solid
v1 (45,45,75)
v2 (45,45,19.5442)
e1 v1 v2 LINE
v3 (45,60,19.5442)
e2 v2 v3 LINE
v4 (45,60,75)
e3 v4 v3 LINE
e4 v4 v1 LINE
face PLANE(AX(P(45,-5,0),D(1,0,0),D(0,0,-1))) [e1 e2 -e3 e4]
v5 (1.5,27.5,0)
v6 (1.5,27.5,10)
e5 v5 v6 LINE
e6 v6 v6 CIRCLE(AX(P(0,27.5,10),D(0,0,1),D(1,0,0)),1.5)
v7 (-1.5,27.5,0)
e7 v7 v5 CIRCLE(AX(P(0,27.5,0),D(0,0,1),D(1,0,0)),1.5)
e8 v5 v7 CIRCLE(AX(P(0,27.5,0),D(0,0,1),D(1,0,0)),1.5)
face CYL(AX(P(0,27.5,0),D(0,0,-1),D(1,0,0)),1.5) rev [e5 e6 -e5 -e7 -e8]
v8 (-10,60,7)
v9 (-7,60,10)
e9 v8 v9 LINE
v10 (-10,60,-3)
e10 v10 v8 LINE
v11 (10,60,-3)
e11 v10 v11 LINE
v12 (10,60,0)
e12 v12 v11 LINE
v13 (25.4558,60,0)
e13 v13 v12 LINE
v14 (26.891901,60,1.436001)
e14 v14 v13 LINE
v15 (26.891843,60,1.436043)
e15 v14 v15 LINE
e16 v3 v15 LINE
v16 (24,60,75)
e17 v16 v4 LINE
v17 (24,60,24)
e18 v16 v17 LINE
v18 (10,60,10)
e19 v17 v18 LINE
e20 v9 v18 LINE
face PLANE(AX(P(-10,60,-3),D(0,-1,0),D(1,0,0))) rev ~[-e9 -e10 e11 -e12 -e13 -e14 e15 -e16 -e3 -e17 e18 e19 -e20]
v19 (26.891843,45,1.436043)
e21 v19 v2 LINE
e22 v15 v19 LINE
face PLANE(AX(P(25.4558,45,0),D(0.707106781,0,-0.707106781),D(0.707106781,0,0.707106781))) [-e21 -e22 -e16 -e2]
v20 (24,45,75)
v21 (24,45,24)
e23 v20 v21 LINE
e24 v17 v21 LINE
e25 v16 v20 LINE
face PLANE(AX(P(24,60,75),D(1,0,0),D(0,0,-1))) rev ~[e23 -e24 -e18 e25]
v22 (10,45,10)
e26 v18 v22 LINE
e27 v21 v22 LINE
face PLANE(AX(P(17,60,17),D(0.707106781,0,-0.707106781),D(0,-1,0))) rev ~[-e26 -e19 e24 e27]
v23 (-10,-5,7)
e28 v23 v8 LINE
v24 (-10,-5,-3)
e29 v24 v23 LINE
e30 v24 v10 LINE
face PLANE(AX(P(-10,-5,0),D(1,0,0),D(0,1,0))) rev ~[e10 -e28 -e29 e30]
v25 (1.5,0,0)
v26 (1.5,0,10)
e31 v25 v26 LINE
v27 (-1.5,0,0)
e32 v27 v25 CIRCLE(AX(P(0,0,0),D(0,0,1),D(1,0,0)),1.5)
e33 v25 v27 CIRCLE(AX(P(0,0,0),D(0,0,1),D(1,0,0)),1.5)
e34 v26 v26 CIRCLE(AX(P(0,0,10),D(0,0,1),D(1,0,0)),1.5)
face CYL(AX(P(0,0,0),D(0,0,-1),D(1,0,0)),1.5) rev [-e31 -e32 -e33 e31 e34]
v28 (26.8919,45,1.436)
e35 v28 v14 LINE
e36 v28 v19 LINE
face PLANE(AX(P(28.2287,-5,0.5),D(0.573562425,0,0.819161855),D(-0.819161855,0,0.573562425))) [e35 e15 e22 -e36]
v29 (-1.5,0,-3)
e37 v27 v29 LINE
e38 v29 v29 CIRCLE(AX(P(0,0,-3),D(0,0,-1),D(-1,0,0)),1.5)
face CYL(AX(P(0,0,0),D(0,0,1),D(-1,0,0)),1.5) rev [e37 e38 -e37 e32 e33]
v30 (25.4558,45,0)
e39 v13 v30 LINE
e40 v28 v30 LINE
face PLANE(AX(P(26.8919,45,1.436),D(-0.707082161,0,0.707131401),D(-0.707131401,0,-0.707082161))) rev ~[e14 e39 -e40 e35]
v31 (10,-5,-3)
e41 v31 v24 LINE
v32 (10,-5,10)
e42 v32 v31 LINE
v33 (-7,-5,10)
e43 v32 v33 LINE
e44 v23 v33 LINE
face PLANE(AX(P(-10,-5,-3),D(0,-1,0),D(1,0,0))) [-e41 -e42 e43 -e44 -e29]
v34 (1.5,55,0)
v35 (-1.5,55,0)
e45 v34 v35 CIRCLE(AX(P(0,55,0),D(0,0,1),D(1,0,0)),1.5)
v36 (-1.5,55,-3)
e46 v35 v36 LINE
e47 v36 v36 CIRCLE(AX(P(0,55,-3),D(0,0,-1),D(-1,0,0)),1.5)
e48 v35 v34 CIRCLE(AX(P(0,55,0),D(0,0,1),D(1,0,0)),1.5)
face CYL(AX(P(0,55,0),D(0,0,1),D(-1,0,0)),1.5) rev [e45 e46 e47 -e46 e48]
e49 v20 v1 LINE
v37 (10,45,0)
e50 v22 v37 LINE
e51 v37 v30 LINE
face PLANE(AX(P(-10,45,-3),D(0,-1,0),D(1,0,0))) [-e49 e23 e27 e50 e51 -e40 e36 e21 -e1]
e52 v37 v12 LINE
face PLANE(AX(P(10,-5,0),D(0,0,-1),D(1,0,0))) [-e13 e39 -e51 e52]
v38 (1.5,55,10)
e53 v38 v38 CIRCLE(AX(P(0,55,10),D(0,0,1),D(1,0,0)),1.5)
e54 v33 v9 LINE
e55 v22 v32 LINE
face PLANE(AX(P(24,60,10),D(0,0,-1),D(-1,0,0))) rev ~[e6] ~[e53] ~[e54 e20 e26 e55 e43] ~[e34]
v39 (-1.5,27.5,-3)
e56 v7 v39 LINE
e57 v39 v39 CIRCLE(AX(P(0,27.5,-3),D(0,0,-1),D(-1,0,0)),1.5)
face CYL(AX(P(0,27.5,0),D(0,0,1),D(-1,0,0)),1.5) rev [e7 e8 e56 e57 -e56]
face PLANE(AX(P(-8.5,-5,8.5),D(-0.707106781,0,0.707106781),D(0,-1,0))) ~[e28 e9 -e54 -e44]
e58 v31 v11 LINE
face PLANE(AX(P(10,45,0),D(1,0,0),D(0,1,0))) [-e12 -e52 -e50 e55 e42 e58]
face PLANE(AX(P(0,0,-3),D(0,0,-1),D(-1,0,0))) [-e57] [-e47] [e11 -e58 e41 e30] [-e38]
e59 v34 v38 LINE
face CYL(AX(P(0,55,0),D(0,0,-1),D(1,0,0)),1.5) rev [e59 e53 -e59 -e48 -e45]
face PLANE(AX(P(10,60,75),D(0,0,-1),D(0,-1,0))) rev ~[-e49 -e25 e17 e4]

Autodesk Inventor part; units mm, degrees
ref_plane "YZ Plane" through (0, 0, 0) normal (1, 0, 0) x (0, 1, 0)
ref_plane "XZ Plane" through (0, 0, 0) normal (0, 1, 0) x (-1, 0, 0)
ref_plane "XY Plane" through (0, 0, 0) normal (0, 0, 1) x (1, 0, 0)
sketch "Sketch9" plane through (0, 0, 0) normal (0, 0, 1) x (1, 0, 0)
  line L0 (0, 0) -> (0, 55) construction
  circle A0 centre (0, 55) radius 1.5
  circle A1 centre (0, 0) radius 1.5
  circle A2 centre (0, 27.5) radius 1.5
  line L1 (-10, 60) -> (10, 60)
  line L2 (10, 60) -> (10, -5)
  line L3 (10, -5) -> (-10, -5)
  line L4 (-10, -5) -> (-10, 60)
  point P0 (-10, 27.5)
  point P1 (0, 60)
  dimension "d35" = 55
  dimension "d36" = 3
  dimension "d37" = 3
  dimension "d38" = 3
  dimension "d39" = 5
  dimension "d40" = 10
extrude "Extrusion9" add sketch "Sketch9" along normal blind 10
sketch "Sketch11" plane through (10, -5, 0) normal (1, 0, 0) x (0, 0, -1)
  line L0 (0, 65) -> (-10, 65) projected
  line L1 (0, 65) -> (-75, 65)
  line L2 (-75, 65) -> (-75, 50)
  line L3 (-75, 50) -> (0, 50)
  line L4 (0, 50) -> (0, 65)
  point P0 (0, 5)
  dimension "d43" = 15
  dimension "d44" = 75
extrude "Extrusion10" add sketch "Sketch11" along normal blind 35
sketch "Sketch12" plane through (-10, 60, 10) normal (0, 1, 0) x (1, 0, 0)
  line L0 (20, -65) -> (20, 0) projected
  line L1 (20, -65) -> (34, -65)
  line L2 (34, -65) -> (34, 0)
  line L3 (34, 0) -> (20, 0)
  line L4 (20, 0) -> (20, -65)
  point P0 (10, 10)
  dimension "d47" = 14
extrude "Extrusion11" cut sketch "Sketch12" against normal through all
chamfer "Chamfer6" distance 14 angle 45 1 edges at (24, 52.5, 10)
sketch "Sketch14" plane through (10, 45, 0) normal (0, -1, 0) x (1, 0, 0)
  line L0 (0, 10) -> (14, 24) projected
  line L1 (15.4558, 0) -> (35, 19.5442)
  line L2 (35, 75) -> (35, 0) projected
  line L3 (0, 0) -> (35, 0) projected
  line L4 (15.4558, 0) -> (35, 0)
  line L5 (35, 19.5442) -> (35, 0)
  point P0 (-10, 0)
  dimension "d73" = 18
extrude "Extrusion13" cut sketch "Sketch14" against normal through all
sketch "Sketch15" plane through (0, 0, 0) normal (0, 0, -1) x (-1, 0, 0)
  line L0 (-25.4558, 60) -> (-25.4558, 45) projected
  line L1 (-10, 45) -> (-25.4558, 45) projected
  line L2 (-10, 45) -> (-10, -5) projected
  line L3 (-10, -5) -> (10, -5) projected
  line L4 (10, -5) -> (10, 60) projected
  line L5 (10, 60) -> (-25.4558, 60) projected
  circle A0 centre (0, 55) radius 1.5 projected
  circle A1 centre (0, 0) radius 1.5 projected
  circle A2 centre (0, 27.5) radius 1.5 projected
  line L6 (-10, -5) -> (10, -5) projected
  line L7 (10, 60) -> (-10, 60) projected
  line L8 (-10, -5) -> (-10, 60)
  line L9 (-10, 60) -> (10, 60)
extrude "Extrusion14" add sketch "Sketch15" along normal blind 3 contours L5 L4 L3 L2 L8
chamfer "Chamfer8" distance 3 angle 45 1 edges at (-10, 27.5, 10)
sketch "Sketch17" plane through (-10, -5, -3) normal (0, -1, 0) x (1, 0, 0)
  line L0 (20, 3) -> (20, 13) projected
  line L1 (20, 3) -> (35.4558, 3) projected
  line L2 (20, 3) -> (35.4558, 3)
  line L3 (35.4558, 3) -> (37.5981, 1.5)
  line L4 (37.5981, 1.5) -> (49, 1.5)
  line L5 (49, 3.5) -> (38.2287, 3.5)
  line L6 (38.2287, 3.5) -> (36.0864, 5)
  line L7 (36.0864, 5) -> (20, 5)
  line L8 (20, 3) -> (20, 5)
  line L9 (49, 3.5) -> (49, 1.5)
  line L10 (55, 78) -> (55, 22.5442) projected
  point P0 (10, 3)
  dimension "d83" = 145
  dimension "d84" = 2
  dimension "d87" = 1.5
  dimension "d88" = 6
extrude "Extrusion16" add sketch "Sketch17" against normal blind 65
sketch "Sketch18" plane through (24, 45, 75) normal (0, -1, 0) x (1, 0, 0)
  line L0 (-34, -68) -> (-31, -65) projected
  line L1 (-34, -68) -> (-34, -78) projected
  line L2 (-14, -78) -> (-34, -78) projected
  line L3 (-14, -75) -> (-14, -78) projected
  line L4 (-14, -75) -> (1.4558, -75) projected
  line L5 (1.4558, -75) -> (3.5981, -76.5) projected
  line L6 (3.5981, -76.5) -> (15, -76.5) projected
  line L7 (15, -76.5) -> (15, -74.5) projected
  line L8 (15, -74.5) -> (4.2287, -74.5) projected
  line L9 (4.2287, -74.5) -> (2.0864, -73) projected
  line L10 (2.0864, -73) -> (-14, -73) projected
  line L11 (-14, -65) -> (-14, -73) projected
  line L12 (-31, -65) -> (-14, -65) projected
  line L13 (2.8919, -73.564) -> (4.2287, -74.5) projected
  line L14 (2.8919, -73.564) -> (1.4558, -75)
  point P0 (-24, -75)
extrude "Extrusion17" cut sketch "Sketch18" against normal through all contours L14 L9 L8 L7 L6 L5
sketch "Sketch19" plane through (-10, -5, -3) normal (0, -1, 0) x (1, 0, 0)
  line L0 (0, 10) -> (3, 13) projected
  line L1 (0, 10) -> (0, 0) projected
  line L2 (20, 0) -> (0, 0) projected
  line L3 (20, 3) -> (20, 0) projected
  line L4 (20, 3) -> (35.4558, 3) projected
  line L5 (35.4558, 3) -> (37.5981, 1.5) projected
  line L6 (37.5981, 1.5) -> (49, 1.5) projected
  line L7 (49, 1.5) -> (49, 3.5) projected
  line L8 (49, 3.5) -> (38.2287, 3.5) projected
  line L9 (38.2287, 3.5) -> (36.0864, 5) projected
  line L10 (36.0864, 5) -> (20, 5) projected
  line L11 (20, 13) -> (20, 5) projected
  line L12 (3, 13) -> (20, 13) projected
  line L13 (20, 5) -> (20, 3)
  point P0 (10, 3)
extrude "Extrusion18" cut sketch "Sketch19" against normal blind 50 contours L10 L9 L8 L7 L6 L5 L4 L13
equation "\"Module\" = 2"
equation "\"PressureAngle\" = 20deg"
equation "\"UnitProfileClearance\" = 0.25"
equation "\"UnitRoundRadius\" = 0.35"
equation "\"HeadDiameter\" = 42"
equation "\"RootDiameter\" = 33"
equation "\"BaseDiameter\" = 35.70832"
equation "\"PitchDiameter\" = 38"
equation "\"HelixAngle\" = 0"
equation "\"UnitCorrection\" = 0"
equation "\"UnitAddendumModification\" = 0"
equation "\"CircularPitch\" = 6.283185"
equation "\"UnitBacklashShift\" = 0"
equation "\"TotalToolShift\" = 0"
equation "\"IsInternal\" = 0"
properties part number "GA04" material "ABS Plastic"
